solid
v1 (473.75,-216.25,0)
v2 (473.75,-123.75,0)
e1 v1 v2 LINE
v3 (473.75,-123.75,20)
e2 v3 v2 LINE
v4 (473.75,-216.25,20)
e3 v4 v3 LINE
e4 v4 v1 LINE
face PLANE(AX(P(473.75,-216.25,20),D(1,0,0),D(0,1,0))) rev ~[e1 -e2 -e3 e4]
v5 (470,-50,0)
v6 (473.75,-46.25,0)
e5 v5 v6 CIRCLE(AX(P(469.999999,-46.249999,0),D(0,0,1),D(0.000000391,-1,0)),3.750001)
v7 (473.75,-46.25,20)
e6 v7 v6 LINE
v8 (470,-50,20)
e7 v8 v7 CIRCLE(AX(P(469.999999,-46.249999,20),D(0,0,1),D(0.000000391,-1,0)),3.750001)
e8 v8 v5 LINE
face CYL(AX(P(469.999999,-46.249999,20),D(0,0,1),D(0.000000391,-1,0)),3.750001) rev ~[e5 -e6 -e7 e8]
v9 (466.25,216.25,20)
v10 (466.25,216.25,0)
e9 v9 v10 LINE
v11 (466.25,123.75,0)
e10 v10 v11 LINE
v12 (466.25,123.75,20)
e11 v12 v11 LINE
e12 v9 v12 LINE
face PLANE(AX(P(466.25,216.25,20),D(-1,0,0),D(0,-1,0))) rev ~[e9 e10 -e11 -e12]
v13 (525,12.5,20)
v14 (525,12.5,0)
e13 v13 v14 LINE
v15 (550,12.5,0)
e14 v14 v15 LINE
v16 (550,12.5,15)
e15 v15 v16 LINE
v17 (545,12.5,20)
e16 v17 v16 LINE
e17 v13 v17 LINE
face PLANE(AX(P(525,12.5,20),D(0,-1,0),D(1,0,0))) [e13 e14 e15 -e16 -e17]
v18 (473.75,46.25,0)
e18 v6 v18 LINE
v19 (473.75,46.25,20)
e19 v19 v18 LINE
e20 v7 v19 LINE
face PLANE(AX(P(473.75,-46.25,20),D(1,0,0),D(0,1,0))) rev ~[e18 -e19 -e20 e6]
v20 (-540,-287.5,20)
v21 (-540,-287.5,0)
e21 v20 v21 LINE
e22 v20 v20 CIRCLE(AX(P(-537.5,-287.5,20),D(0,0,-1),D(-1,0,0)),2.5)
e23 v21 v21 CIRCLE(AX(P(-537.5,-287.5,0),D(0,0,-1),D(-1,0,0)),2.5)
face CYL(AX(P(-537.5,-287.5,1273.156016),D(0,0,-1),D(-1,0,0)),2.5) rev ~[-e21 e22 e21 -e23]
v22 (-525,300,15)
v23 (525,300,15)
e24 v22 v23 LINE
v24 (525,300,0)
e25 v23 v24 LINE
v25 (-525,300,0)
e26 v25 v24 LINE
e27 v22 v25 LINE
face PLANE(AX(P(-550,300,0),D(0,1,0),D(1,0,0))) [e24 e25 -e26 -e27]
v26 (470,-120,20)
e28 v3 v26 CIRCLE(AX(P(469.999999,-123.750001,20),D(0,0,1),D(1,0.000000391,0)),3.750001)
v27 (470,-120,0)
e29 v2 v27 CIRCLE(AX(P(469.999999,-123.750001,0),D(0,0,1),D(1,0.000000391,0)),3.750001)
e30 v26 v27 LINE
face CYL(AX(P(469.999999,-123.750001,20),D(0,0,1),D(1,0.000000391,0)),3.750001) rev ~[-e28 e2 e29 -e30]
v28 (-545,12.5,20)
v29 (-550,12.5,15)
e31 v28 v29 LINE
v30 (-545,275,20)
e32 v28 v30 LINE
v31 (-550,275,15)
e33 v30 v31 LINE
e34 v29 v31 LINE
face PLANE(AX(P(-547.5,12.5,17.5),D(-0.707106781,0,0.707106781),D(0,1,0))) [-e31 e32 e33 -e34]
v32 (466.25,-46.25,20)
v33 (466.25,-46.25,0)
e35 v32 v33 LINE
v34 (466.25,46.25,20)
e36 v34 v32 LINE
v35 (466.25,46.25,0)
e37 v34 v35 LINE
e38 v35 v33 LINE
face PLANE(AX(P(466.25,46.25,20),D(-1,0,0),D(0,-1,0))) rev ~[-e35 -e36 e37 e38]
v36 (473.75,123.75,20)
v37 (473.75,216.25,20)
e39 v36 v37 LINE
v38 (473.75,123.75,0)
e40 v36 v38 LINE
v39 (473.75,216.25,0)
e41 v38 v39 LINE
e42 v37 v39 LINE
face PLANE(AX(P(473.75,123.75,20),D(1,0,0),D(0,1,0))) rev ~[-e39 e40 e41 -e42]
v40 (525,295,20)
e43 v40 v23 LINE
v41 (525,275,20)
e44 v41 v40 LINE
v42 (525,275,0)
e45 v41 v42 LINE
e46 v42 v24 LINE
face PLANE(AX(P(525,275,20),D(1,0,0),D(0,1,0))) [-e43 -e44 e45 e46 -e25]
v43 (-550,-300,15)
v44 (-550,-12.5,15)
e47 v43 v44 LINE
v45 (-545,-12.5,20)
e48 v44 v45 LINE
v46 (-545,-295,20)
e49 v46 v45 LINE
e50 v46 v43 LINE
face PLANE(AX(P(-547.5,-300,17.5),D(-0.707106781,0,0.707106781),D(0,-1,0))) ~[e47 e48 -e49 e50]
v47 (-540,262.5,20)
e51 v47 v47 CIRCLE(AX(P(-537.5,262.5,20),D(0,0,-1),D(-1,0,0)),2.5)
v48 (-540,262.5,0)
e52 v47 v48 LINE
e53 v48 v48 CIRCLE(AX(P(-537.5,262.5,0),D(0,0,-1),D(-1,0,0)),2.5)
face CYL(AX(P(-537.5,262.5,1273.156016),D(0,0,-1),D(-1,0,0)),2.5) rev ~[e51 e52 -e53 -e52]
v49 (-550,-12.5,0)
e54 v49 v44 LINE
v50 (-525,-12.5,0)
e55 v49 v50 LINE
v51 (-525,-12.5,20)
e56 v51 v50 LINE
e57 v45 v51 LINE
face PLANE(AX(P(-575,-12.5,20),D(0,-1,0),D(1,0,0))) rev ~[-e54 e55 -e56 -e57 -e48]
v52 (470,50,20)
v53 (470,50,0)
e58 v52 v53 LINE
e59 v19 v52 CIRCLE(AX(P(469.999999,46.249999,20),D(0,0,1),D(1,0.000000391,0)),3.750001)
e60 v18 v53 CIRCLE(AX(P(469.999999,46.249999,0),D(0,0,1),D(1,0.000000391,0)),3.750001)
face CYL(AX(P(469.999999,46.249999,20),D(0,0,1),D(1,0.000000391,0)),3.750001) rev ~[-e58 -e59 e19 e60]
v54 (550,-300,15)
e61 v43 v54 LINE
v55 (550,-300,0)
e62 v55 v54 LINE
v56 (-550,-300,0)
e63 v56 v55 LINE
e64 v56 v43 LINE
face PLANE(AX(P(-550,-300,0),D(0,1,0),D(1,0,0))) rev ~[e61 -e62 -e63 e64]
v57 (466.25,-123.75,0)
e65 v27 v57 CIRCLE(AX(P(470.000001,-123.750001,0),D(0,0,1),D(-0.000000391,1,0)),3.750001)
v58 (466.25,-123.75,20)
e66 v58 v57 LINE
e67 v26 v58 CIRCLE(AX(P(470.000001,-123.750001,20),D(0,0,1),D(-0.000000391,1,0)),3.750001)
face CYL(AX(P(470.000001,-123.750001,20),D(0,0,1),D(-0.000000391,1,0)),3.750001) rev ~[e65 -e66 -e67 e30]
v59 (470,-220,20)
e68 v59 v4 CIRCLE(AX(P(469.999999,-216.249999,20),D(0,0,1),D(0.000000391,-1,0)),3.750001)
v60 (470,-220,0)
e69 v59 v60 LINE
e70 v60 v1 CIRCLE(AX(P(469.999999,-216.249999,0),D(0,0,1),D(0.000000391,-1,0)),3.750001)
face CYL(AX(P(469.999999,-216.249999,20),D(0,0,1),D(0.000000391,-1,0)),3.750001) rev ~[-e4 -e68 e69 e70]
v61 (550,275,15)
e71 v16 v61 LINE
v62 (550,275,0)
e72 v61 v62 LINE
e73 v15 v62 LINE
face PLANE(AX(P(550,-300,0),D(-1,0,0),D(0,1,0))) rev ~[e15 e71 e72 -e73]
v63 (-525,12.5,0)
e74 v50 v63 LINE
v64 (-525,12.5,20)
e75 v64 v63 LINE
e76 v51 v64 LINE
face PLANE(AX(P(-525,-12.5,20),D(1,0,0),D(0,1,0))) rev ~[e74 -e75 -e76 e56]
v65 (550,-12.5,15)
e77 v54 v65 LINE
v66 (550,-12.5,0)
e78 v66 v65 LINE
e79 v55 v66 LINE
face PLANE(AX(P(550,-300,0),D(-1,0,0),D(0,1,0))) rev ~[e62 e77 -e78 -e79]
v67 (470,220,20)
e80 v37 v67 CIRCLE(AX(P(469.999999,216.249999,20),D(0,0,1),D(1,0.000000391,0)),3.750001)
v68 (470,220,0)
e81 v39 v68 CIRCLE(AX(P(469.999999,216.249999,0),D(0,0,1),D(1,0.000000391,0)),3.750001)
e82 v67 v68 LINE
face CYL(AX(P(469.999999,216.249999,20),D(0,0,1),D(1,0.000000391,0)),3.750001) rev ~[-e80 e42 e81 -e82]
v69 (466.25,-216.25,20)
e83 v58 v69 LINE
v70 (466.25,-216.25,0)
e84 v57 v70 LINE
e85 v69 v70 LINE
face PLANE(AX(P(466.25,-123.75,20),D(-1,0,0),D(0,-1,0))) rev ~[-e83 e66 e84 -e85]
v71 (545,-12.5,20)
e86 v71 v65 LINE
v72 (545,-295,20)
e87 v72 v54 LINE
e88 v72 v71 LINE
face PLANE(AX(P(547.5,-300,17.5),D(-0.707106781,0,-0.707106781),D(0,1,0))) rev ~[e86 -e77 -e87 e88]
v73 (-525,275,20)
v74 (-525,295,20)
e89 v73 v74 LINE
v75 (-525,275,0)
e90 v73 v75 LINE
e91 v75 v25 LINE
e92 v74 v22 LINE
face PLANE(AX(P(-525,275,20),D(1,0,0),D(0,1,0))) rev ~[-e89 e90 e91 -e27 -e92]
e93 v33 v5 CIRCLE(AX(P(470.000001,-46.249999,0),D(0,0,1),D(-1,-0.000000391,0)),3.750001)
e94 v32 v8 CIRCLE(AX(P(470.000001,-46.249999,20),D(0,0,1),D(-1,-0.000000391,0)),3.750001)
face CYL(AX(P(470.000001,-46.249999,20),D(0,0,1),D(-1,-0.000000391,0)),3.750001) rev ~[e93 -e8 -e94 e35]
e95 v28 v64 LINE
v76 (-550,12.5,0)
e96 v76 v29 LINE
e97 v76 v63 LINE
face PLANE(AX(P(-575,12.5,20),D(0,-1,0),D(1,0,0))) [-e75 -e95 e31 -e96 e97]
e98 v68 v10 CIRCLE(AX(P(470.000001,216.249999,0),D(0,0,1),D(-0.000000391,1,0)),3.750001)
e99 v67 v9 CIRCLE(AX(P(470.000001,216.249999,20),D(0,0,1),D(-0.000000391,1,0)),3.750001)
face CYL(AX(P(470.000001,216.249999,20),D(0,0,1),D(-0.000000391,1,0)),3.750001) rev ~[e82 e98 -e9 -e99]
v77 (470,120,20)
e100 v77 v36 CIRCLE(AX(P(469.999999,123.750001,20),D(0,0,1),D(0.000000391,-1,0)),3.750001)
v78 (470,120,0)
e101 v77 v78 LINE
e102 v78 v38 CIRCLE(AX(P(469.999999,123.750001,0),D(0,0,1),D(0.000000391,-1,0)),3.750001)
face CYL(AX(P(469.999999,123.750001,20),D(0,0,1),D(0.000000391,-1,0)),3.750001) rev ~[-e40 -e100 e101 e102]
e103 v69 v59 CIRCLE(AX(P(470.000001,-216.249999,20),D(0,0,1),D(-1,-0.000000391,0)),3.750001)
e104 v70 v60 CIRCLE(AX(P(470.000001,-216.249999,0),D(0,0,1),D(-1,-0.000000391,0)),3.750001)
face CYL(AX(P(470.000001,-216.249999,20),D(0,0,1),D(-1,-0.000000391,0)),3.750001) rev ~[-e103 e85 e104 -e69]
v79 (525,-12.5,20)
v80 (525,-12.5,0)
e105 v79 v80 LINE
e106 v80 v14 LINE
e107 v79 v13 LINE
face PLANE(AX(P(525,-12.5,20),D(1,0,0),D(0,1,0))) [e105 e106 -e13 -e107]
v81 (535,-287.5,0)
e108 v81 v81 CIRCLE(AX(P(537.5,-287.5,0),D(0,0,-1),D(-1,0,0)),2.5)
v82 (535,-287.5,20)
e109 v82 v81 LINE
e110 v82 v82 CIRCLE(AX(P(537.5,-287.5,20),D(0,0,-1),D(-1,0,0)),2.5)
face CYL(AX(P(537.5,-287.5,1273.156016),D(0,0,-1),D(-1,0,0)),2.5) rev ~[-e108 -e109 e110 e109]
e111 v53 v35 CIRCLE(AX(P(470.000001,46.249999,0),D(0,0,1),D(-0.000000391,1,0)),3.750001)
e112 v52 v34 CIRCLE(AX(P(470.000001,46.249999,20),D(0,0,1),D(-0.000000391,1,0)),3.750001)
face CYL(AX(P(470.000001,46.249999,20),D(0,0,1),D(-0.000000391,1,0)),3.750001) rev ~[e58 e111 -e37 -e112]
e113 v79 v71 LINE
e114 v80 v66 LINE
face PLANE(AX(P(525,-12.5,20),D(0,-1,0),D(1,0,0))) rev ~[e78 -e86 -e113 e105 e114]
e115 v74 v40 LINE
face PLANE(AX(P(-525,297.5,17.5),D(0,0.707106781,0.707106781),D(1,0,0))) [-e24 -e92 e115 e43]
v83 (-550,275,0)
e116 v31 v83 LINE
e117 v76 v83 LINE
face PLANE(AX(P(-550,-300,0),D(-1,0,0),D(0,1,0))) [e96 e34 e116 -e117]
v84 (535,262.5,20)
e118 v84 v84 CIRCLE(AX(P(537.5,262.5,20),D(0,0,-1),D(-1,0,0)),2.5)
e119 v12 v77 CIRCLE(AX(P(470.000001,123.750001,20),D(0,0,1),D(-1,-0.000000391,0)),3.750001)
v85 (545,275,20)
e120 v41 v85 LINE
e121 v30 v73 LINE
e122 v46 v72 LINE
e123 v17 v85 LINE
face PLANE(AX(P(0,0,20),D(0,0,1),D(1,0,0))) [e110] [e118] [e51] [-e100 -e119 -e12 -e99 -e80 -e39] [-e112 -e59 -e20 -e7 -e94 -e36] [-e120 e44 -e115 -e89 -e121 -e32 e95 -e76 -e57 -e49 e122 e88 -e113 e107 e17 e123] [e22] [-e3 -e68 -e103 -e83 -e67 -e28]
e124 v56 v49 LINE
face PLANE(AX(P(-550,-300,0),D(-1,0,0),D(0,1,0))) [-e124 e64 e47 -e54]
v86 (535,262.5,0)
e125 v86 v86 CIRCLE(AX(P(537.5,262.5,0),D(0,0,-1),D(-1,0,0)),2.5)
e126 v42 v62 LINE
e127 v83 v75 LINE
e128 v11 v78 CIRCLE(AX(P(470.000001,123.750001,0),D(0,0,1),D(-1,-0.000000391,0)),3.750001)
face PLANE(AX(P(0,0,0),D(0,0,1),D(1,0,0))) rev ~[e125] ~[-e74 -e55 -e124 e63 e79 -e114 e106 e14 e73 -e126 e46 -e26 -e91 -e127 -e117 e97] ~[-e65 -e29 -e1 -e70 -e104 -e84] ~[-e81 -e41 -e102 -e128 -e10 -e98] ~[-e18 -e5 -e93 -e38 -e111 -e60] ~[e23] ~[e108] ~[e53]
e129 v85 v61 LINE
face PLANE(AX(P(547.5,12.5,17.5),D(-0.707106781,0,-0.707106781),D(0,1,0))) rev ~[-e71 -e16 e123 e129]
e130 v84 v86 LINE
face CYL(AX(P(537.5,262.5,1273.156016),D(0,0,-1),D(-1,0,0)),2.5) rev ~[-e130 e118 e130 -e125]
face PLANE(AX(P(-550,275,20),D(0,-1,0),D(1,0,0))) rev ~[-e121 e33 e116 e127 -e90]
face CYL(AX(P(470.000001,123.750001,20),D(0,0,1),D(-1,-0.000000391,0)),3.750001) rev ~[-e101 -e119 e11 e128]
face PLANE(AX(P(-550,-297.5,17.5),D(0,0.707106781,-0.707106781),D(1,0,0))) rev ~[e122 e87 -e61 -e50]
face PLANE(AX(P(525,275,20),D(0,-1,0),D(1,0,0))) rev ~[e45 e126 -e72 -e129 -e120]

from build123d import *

# Parameters (mm, degrees)
F0_W     = 1100
F0_H     = 600
F1_DEPTH = 20
F2_W     = 50
F2_H     = 25
F2_W_2   = 25
F3_DEPTH = 20.001
F5_D     = 5
F6_SIZE  = 5


with BuildPart() as f1:
    # F0 (on Top) → F1 (new body)
    with BuildSketch(Plane.XY):
        Rectangle(F0_W, F0_H)
    extrude(amount=F1_DEPTH)

    # F2 (on face) → F3 (cut, through all)
    with BuildSketch(Plane.XY.offset(20)):
        with BuildLine():
            Line((473.75, -216.25), (473.75, -123.75))
            ThreePointArc((473.75, -123.75), (472.65165, -121.09835), (470, -120))
            ThreePointArc((470, -120), (467.34835, -121.09835), (466.25, -123.75))
            Line((466.25, -123.75), (466.25, -216.25))
            ThreePointArc((466.25, -216.25), (467.34835, -218.90165), (470, -220))
            ThreePointArc((470, -220), (472.65165, -218.90165), (473.75, -216.25))
        make_face()
        with BuildLine():
            Line((473.75, -46.25), (473.75, 46.25))
            ThreePointArc((473.75, 46.25), (472.65165, 48.90165), (470, 50))
            ThreePointArc((470, 50), (467.34835, 48.90165), (466.25, 46.25))
            Line((466.25, 46.25), (466.25, -46.25))
            ThreePointArc((466.25, -46.25), (467.34835, -48.90165), (470, -50))
            ThreePointArc((470, -50), (472.65165, -48.90165), (473.75, -46.25))
        make_face()
        with BuildLine():
            Line((466.25, 216.25), (466.25, 123.75))
            ThreePointArc((466.25, 123.75), (467.34835, 121.09835), (470, 120))
            ThreePointArc((470, 120), (472.65165, 121.09835), (473.75, 123.75))
            Line((473.75, 123.75), (473.75, 216.25))
            ThreePointArc((473.75, 216.25), (472.65165, 218.90165), (470, 220))
            ThreePointArc((470, 220), (467.34835, 218.90165), (466.25, 216.25))
        make_face()
        with Locations((-550, 0)):
            Rectangle(F2_W, F2_H)
        with Locations((550, 0)):
            Rectangle(F2_W, F2_H)
        with Locations((-537.5, 287.5)):
            Rectangle(F2_W_2, F2_H)
        with Locations((537.5, 287.5)):
            Rectangle(F2_W_2, F2_H)
    extrude(amount=-F3_DEPTH, mode=Mode.SUBTRACT)

    # F5 (through all)
    with Locations(Plane.XY.offset(20)):
        with Locations((537.5, -287.5), (-537.5, -287.5), (537.5, 262.5), (-537.5, 262.5)):
            Hole(F5_D / 2)

    # F6
    f6_edges = [f1.edges().sort_by_distance(p)[0] for p in [
        (0, -300, 20),
        (-550, -156.25, 20),
        (-550, 143.75, 20),
        (0, 300, 20),
        (550, -156.25, 20),
        (550, 143.75, 20),
    ]]
    chamfer(f6_edges, length=F6_SIZE)


solid = f1.part
